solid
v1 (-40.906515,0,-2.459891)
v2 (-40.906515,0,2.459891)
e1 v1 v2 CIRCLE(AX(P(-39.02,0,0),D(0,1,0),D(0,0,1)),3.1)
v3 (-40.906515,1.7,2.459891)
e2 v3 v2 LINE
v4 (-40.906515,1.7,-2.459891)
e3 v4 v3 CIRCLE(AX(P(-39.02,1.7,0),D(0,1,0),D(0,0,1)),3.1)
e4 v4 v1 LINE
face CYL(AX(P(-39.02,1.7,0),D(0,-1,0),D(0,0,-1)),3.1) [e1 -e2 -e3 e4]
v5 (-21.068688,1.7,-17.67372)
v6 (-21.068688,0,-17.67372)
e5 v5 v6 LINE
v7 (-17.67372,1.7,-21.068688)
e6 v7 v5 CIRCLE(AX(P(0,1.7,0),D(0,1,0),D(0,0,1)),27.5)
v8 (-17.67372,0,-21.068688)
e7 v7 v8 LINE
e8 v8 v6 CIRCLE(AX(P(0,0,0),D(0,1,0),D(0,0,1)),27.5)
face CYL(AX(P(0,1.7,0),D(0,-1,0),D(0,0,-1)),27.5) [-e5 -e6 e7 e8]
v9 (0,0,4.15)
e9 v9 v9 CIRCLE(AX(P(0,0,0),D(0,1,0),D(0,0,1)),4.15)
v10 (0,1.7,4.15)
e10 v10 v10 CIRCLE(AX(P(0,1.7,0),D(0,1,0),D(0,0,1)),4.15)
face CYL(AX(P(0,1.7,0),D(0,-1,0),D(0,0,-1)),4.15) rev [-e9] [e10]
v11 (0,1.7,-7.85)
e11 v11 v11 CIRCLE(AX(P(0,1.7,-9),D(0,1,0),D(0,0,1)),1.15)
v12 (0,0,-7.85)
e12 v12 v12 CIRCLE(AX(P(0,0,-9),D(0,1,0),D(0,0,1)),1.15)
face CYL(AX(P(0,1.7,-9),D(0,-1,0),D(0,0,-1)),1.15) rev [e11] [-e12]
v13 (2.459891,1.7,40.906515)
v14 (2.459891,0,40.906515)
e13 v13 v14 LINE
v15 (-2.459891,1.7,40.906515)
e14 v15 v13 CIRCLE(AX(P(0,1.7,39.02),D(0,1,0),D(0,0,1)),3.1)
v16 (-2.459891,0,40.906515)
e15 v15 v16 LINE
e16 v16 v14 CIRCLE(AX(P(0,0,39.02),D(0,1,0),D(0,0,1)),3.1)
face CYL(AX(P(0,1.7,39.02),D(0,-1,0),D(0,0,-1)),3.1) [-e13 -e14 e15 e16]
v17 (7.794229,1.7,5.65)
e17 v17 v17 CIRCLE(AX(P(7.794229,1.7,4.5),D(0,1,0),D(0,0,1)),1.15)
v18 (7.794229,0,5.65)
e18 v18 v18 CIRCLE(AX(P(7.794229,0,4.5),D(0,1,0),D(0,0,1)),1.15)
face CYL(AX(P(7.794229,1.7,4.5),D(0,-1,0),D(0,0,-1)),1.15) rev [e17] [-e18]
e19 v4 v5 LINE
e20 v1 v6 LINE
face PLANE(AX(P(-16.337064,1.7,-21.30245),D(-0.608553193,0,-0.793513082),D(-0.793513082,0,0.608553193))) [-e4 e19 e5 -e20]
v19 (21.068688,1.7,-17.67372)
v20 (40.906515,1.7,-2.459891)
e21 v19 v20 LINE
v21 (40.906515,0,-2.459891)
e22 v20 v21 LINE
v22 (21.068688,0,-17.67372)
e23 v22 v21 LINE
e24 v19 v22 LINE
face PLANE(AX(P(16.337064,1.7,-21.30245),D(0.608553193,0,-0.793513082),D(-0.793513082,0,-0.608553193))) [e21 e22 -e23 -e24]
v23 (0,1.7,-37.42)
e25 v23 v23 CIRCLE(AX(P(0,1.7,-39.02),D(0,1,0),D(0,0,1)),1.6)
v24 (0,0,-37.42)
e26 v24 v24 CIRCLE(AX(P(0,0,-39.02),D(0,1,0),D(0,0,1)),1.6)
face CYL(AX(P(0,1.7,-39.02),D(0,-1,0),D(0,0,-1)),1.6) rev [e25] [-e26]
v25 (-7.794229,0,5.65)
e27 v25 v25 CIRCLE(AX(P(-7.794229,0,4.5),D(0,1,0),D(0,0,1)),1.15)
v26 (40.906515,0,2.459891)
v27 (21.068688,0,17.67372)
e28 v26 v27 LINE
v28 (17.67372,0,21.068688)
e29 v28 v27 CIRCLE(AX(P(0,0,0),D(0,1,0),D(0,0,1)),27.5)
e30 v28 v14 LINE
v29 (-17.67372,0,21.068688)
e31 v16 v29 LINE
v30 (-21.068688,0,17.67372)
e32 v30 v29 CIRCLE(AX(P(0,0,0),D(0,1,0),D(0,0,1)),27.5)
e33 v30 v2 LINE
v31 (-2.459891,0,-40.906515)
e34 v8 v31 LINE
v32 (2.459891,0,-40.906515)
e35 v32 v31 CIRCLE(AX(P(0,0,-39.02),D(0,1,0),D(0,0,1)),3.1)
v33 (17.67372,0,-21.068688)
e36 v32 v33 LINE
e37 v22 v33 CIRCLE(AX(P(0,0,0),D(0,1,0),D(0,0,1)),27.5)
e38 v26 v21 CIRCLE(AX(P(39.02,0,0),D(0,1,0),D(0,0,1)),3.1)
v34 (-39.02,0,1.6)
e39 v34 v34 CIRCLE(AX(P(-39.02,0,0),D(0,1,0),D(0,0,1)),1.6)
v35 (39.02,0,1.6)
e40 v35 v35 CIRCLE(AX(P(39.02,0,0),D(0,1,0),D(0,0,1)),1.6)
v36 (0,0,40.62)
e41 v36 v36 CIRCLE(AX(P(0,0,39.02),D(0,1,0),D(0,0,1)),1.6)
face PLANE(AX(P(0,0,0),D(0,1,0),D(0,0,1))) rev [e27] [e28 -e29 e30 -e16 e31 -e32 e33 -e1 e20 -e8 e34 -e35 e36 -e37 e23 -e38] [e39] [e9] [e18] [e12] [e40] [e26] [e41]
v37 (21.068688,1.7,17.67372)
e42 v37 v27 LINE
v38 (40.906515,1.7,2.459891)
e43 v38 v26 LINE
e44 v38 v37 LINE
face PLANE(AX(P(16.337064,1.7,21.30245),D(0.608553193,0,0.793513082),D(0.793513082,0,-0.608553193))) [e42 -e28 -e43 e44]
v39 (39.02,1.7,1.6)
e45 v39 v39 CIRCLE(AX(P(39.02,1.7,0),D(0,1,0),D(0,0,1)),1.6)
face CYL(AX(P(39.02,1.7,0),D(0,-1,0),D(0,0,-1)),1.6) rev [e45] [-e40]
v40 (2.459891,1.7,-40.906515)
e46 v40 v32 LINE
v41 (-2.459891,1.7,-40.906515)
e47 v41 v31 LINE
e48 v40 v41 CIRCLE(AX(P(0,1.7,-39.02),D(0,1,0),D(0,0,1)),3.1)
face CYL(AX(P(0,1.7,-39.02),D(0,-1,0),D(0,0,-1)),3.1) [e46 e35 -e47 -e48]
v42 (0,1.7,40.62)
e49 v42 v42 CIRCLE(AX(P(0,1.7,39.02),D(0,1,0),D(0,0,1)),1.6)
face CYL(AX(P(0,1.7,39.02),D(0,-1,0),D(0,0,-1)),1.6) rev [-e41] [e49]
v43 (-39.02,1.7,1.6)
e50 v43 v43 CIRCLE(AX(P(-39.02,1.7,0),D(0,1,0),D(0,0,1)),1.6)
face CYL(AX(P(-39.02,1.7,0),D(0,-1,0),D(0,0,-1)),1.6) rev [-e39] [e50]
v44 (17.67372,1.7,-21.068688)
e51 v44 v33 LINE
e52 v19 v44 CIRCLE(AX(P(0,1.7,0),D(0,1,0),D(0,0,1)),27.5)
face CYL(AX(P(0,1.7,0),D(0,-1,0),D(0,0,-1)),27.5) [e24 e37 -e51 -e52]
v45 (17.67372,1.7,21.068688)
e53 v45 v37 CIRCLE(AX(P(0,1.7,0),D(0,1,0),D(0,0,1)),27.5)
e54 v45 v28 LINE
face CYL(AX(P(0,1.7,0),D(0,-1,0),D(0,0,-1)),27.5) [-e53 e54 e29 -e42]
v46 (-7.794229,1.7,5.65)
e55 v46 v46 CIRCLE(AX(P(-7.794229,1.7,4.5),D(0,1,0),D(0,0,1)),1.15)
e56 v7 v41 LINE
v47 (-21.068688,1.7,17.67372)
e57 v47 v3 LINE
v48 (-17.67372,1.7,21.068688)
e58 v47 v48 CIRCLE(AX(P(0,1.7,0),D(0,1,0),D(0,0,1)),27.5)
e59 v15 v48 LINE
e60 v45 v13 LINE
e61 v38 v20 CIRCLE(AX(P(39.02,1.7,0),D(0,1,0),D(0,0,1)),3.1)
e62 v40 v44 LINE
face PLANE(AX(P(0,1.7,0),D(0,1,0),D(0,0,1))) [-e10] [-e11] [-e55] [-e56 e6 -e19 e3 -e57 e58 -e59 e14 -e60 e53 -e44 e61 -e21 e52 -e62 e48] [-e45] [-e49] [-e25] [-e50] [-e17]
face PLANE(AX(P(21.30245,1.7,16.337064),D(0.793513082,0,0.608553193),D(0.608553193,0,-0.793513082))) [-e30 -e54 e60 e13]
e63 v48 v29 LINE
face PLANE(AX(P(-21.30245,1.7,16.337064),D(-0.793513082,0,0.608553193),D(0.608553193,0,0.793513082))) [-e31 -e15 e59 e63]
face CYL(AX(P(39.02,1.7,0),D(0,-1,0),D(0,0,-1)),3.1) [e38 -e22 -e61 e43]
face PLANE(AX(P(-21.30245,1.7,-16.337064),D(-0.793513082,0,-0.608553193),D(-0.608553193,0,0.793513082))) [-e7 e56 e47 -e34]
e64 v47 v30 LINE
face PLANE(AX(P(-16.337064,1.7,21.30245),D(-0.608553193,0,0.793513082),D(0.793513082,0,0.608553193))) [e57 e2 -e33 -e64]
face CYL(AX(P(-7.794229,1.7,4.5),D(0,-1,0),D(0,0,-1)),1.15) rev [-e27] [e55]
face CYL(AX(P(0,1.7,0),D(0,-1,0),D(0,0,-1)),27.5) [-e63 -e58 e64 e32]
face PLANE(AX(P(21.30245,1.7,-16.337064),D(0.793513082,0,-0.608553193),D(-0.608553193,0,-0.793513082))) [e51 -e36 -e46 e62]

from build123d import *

# Parameters (mm, degrees)
SKETCH1_R           = 1.6
SKETCH1_R_2         = 1.15
SKETCH1_R_3         = 4.15
BOSS_EXTRUDE2_DEPTH = 1.7


with BuildPart() as part:
    # Sketch1 → Boss-Extrude2 (new body)
    with BuildSketch(Plane(origin=(0, 0, 0), x_dir=(1, 0, 0), z_dir=(0, 1, 0))):
        with BuildLine():
            Line((-17.673720383, -21.068687852), (-2.459890554, -40.906514899))
            ThreePointArc((-2.459890554, -40.906514899), (0, -42.12), (2.459890554, -40.906514899))
            Line((2.459890554, -40.906514899), (17.673720383, -21.068687852))
            ThreePointArc((17.673720383, -21.068687852), (19.445436483, -19.445436483), (21.068687852, -17.673720383))
            Line((21.068687852, -17.673720383), (40.906514899, -2.459890554))
            ThreePointArc((40.906514899, -2.459890554), (42.12, 0), (40.906514899, 2.459890554))
            Line((40.906514899, 2.459890554), (21.068687852, 17.673720383))
            ThreePointArc((21.068687852, 17.673720383), (19.445436483, 19.445436483), (17.673720383, 21.068687852))
            Line((17.673720383, 21.068687852), (2.459890554, 40.906514899))
            ThreePointArc((2.459890554, 40.906514899), (0, 42.12), (-2.459890554, 40.906514899))
            Line((-2.459890554, 40.906514899), (-17.673720383, 21.068687852))
            ThreePointArc((-17.673720383, 21.068687852), (-19.445436483, 19.445436483), (-21.068687852, 17.673720383))
            Line((-21.068687852, 17.673720383), (-40.906514899, 2.459890554))
            ThreePointArc((-40.906514899, 2.459890554), (-42.12, 0), (-40.906514899, -2.459890554))
            Line((-40.906514899, -2.459890554), (-21.068687852, -17.673720383))
            ThreePointArc((-21.068687852, -17.673720383), (-19.445436483, -19.445436483), (-17.673720383, -21.068687852))
        make_face()
        with Locations(Location((0, -39.02, 0), (0, 0, 270))):
            Circle(SKETCH1_R, mode=Mode.SUBTRACT)
        with Locations(Location((0, 9, 0), (0, 0, 270))):
            Circle(SKETCH1_R_2, mode=Mode.SUBTRACT)
        with Locations(Location((-7.794228634, -4.5, 0), (0, 0, 270))):
            Circle(SKETCH1_R_2, mode=Mode.SUBTRACT)
        with Locations(Location((7.794228634, -4.5, 0), (0, 0, 270))):
            Circle(SKETCH1_R_2, mode=Mode.SUBTRACT)
        with Locations(Location((0, 0, 0), (0, 0, 270))):
            Circle(SKETCH1_R_3, mode=Mode.SUBTRACT)
        with Locations(Location((-39.02, 0, 0), (0, 0, 270))):
            Circle(SKETCH1_R, mode=Mode.SUBTRACT)
        with Locations(Location((39.02, 0, 0), (0, 0, 270))):
            Circle(SKETCH1_R, mode=Mode.SUBTRACT)
        with Locations(Location((0, 39.02, 0), (0, 0, 270))):
            Circle(SKETCH1_R, mode=Mode.SUBTRACT)
    extrude(amount=BOSS_EXTRUDE2_DEPTH)


solid = part.part
